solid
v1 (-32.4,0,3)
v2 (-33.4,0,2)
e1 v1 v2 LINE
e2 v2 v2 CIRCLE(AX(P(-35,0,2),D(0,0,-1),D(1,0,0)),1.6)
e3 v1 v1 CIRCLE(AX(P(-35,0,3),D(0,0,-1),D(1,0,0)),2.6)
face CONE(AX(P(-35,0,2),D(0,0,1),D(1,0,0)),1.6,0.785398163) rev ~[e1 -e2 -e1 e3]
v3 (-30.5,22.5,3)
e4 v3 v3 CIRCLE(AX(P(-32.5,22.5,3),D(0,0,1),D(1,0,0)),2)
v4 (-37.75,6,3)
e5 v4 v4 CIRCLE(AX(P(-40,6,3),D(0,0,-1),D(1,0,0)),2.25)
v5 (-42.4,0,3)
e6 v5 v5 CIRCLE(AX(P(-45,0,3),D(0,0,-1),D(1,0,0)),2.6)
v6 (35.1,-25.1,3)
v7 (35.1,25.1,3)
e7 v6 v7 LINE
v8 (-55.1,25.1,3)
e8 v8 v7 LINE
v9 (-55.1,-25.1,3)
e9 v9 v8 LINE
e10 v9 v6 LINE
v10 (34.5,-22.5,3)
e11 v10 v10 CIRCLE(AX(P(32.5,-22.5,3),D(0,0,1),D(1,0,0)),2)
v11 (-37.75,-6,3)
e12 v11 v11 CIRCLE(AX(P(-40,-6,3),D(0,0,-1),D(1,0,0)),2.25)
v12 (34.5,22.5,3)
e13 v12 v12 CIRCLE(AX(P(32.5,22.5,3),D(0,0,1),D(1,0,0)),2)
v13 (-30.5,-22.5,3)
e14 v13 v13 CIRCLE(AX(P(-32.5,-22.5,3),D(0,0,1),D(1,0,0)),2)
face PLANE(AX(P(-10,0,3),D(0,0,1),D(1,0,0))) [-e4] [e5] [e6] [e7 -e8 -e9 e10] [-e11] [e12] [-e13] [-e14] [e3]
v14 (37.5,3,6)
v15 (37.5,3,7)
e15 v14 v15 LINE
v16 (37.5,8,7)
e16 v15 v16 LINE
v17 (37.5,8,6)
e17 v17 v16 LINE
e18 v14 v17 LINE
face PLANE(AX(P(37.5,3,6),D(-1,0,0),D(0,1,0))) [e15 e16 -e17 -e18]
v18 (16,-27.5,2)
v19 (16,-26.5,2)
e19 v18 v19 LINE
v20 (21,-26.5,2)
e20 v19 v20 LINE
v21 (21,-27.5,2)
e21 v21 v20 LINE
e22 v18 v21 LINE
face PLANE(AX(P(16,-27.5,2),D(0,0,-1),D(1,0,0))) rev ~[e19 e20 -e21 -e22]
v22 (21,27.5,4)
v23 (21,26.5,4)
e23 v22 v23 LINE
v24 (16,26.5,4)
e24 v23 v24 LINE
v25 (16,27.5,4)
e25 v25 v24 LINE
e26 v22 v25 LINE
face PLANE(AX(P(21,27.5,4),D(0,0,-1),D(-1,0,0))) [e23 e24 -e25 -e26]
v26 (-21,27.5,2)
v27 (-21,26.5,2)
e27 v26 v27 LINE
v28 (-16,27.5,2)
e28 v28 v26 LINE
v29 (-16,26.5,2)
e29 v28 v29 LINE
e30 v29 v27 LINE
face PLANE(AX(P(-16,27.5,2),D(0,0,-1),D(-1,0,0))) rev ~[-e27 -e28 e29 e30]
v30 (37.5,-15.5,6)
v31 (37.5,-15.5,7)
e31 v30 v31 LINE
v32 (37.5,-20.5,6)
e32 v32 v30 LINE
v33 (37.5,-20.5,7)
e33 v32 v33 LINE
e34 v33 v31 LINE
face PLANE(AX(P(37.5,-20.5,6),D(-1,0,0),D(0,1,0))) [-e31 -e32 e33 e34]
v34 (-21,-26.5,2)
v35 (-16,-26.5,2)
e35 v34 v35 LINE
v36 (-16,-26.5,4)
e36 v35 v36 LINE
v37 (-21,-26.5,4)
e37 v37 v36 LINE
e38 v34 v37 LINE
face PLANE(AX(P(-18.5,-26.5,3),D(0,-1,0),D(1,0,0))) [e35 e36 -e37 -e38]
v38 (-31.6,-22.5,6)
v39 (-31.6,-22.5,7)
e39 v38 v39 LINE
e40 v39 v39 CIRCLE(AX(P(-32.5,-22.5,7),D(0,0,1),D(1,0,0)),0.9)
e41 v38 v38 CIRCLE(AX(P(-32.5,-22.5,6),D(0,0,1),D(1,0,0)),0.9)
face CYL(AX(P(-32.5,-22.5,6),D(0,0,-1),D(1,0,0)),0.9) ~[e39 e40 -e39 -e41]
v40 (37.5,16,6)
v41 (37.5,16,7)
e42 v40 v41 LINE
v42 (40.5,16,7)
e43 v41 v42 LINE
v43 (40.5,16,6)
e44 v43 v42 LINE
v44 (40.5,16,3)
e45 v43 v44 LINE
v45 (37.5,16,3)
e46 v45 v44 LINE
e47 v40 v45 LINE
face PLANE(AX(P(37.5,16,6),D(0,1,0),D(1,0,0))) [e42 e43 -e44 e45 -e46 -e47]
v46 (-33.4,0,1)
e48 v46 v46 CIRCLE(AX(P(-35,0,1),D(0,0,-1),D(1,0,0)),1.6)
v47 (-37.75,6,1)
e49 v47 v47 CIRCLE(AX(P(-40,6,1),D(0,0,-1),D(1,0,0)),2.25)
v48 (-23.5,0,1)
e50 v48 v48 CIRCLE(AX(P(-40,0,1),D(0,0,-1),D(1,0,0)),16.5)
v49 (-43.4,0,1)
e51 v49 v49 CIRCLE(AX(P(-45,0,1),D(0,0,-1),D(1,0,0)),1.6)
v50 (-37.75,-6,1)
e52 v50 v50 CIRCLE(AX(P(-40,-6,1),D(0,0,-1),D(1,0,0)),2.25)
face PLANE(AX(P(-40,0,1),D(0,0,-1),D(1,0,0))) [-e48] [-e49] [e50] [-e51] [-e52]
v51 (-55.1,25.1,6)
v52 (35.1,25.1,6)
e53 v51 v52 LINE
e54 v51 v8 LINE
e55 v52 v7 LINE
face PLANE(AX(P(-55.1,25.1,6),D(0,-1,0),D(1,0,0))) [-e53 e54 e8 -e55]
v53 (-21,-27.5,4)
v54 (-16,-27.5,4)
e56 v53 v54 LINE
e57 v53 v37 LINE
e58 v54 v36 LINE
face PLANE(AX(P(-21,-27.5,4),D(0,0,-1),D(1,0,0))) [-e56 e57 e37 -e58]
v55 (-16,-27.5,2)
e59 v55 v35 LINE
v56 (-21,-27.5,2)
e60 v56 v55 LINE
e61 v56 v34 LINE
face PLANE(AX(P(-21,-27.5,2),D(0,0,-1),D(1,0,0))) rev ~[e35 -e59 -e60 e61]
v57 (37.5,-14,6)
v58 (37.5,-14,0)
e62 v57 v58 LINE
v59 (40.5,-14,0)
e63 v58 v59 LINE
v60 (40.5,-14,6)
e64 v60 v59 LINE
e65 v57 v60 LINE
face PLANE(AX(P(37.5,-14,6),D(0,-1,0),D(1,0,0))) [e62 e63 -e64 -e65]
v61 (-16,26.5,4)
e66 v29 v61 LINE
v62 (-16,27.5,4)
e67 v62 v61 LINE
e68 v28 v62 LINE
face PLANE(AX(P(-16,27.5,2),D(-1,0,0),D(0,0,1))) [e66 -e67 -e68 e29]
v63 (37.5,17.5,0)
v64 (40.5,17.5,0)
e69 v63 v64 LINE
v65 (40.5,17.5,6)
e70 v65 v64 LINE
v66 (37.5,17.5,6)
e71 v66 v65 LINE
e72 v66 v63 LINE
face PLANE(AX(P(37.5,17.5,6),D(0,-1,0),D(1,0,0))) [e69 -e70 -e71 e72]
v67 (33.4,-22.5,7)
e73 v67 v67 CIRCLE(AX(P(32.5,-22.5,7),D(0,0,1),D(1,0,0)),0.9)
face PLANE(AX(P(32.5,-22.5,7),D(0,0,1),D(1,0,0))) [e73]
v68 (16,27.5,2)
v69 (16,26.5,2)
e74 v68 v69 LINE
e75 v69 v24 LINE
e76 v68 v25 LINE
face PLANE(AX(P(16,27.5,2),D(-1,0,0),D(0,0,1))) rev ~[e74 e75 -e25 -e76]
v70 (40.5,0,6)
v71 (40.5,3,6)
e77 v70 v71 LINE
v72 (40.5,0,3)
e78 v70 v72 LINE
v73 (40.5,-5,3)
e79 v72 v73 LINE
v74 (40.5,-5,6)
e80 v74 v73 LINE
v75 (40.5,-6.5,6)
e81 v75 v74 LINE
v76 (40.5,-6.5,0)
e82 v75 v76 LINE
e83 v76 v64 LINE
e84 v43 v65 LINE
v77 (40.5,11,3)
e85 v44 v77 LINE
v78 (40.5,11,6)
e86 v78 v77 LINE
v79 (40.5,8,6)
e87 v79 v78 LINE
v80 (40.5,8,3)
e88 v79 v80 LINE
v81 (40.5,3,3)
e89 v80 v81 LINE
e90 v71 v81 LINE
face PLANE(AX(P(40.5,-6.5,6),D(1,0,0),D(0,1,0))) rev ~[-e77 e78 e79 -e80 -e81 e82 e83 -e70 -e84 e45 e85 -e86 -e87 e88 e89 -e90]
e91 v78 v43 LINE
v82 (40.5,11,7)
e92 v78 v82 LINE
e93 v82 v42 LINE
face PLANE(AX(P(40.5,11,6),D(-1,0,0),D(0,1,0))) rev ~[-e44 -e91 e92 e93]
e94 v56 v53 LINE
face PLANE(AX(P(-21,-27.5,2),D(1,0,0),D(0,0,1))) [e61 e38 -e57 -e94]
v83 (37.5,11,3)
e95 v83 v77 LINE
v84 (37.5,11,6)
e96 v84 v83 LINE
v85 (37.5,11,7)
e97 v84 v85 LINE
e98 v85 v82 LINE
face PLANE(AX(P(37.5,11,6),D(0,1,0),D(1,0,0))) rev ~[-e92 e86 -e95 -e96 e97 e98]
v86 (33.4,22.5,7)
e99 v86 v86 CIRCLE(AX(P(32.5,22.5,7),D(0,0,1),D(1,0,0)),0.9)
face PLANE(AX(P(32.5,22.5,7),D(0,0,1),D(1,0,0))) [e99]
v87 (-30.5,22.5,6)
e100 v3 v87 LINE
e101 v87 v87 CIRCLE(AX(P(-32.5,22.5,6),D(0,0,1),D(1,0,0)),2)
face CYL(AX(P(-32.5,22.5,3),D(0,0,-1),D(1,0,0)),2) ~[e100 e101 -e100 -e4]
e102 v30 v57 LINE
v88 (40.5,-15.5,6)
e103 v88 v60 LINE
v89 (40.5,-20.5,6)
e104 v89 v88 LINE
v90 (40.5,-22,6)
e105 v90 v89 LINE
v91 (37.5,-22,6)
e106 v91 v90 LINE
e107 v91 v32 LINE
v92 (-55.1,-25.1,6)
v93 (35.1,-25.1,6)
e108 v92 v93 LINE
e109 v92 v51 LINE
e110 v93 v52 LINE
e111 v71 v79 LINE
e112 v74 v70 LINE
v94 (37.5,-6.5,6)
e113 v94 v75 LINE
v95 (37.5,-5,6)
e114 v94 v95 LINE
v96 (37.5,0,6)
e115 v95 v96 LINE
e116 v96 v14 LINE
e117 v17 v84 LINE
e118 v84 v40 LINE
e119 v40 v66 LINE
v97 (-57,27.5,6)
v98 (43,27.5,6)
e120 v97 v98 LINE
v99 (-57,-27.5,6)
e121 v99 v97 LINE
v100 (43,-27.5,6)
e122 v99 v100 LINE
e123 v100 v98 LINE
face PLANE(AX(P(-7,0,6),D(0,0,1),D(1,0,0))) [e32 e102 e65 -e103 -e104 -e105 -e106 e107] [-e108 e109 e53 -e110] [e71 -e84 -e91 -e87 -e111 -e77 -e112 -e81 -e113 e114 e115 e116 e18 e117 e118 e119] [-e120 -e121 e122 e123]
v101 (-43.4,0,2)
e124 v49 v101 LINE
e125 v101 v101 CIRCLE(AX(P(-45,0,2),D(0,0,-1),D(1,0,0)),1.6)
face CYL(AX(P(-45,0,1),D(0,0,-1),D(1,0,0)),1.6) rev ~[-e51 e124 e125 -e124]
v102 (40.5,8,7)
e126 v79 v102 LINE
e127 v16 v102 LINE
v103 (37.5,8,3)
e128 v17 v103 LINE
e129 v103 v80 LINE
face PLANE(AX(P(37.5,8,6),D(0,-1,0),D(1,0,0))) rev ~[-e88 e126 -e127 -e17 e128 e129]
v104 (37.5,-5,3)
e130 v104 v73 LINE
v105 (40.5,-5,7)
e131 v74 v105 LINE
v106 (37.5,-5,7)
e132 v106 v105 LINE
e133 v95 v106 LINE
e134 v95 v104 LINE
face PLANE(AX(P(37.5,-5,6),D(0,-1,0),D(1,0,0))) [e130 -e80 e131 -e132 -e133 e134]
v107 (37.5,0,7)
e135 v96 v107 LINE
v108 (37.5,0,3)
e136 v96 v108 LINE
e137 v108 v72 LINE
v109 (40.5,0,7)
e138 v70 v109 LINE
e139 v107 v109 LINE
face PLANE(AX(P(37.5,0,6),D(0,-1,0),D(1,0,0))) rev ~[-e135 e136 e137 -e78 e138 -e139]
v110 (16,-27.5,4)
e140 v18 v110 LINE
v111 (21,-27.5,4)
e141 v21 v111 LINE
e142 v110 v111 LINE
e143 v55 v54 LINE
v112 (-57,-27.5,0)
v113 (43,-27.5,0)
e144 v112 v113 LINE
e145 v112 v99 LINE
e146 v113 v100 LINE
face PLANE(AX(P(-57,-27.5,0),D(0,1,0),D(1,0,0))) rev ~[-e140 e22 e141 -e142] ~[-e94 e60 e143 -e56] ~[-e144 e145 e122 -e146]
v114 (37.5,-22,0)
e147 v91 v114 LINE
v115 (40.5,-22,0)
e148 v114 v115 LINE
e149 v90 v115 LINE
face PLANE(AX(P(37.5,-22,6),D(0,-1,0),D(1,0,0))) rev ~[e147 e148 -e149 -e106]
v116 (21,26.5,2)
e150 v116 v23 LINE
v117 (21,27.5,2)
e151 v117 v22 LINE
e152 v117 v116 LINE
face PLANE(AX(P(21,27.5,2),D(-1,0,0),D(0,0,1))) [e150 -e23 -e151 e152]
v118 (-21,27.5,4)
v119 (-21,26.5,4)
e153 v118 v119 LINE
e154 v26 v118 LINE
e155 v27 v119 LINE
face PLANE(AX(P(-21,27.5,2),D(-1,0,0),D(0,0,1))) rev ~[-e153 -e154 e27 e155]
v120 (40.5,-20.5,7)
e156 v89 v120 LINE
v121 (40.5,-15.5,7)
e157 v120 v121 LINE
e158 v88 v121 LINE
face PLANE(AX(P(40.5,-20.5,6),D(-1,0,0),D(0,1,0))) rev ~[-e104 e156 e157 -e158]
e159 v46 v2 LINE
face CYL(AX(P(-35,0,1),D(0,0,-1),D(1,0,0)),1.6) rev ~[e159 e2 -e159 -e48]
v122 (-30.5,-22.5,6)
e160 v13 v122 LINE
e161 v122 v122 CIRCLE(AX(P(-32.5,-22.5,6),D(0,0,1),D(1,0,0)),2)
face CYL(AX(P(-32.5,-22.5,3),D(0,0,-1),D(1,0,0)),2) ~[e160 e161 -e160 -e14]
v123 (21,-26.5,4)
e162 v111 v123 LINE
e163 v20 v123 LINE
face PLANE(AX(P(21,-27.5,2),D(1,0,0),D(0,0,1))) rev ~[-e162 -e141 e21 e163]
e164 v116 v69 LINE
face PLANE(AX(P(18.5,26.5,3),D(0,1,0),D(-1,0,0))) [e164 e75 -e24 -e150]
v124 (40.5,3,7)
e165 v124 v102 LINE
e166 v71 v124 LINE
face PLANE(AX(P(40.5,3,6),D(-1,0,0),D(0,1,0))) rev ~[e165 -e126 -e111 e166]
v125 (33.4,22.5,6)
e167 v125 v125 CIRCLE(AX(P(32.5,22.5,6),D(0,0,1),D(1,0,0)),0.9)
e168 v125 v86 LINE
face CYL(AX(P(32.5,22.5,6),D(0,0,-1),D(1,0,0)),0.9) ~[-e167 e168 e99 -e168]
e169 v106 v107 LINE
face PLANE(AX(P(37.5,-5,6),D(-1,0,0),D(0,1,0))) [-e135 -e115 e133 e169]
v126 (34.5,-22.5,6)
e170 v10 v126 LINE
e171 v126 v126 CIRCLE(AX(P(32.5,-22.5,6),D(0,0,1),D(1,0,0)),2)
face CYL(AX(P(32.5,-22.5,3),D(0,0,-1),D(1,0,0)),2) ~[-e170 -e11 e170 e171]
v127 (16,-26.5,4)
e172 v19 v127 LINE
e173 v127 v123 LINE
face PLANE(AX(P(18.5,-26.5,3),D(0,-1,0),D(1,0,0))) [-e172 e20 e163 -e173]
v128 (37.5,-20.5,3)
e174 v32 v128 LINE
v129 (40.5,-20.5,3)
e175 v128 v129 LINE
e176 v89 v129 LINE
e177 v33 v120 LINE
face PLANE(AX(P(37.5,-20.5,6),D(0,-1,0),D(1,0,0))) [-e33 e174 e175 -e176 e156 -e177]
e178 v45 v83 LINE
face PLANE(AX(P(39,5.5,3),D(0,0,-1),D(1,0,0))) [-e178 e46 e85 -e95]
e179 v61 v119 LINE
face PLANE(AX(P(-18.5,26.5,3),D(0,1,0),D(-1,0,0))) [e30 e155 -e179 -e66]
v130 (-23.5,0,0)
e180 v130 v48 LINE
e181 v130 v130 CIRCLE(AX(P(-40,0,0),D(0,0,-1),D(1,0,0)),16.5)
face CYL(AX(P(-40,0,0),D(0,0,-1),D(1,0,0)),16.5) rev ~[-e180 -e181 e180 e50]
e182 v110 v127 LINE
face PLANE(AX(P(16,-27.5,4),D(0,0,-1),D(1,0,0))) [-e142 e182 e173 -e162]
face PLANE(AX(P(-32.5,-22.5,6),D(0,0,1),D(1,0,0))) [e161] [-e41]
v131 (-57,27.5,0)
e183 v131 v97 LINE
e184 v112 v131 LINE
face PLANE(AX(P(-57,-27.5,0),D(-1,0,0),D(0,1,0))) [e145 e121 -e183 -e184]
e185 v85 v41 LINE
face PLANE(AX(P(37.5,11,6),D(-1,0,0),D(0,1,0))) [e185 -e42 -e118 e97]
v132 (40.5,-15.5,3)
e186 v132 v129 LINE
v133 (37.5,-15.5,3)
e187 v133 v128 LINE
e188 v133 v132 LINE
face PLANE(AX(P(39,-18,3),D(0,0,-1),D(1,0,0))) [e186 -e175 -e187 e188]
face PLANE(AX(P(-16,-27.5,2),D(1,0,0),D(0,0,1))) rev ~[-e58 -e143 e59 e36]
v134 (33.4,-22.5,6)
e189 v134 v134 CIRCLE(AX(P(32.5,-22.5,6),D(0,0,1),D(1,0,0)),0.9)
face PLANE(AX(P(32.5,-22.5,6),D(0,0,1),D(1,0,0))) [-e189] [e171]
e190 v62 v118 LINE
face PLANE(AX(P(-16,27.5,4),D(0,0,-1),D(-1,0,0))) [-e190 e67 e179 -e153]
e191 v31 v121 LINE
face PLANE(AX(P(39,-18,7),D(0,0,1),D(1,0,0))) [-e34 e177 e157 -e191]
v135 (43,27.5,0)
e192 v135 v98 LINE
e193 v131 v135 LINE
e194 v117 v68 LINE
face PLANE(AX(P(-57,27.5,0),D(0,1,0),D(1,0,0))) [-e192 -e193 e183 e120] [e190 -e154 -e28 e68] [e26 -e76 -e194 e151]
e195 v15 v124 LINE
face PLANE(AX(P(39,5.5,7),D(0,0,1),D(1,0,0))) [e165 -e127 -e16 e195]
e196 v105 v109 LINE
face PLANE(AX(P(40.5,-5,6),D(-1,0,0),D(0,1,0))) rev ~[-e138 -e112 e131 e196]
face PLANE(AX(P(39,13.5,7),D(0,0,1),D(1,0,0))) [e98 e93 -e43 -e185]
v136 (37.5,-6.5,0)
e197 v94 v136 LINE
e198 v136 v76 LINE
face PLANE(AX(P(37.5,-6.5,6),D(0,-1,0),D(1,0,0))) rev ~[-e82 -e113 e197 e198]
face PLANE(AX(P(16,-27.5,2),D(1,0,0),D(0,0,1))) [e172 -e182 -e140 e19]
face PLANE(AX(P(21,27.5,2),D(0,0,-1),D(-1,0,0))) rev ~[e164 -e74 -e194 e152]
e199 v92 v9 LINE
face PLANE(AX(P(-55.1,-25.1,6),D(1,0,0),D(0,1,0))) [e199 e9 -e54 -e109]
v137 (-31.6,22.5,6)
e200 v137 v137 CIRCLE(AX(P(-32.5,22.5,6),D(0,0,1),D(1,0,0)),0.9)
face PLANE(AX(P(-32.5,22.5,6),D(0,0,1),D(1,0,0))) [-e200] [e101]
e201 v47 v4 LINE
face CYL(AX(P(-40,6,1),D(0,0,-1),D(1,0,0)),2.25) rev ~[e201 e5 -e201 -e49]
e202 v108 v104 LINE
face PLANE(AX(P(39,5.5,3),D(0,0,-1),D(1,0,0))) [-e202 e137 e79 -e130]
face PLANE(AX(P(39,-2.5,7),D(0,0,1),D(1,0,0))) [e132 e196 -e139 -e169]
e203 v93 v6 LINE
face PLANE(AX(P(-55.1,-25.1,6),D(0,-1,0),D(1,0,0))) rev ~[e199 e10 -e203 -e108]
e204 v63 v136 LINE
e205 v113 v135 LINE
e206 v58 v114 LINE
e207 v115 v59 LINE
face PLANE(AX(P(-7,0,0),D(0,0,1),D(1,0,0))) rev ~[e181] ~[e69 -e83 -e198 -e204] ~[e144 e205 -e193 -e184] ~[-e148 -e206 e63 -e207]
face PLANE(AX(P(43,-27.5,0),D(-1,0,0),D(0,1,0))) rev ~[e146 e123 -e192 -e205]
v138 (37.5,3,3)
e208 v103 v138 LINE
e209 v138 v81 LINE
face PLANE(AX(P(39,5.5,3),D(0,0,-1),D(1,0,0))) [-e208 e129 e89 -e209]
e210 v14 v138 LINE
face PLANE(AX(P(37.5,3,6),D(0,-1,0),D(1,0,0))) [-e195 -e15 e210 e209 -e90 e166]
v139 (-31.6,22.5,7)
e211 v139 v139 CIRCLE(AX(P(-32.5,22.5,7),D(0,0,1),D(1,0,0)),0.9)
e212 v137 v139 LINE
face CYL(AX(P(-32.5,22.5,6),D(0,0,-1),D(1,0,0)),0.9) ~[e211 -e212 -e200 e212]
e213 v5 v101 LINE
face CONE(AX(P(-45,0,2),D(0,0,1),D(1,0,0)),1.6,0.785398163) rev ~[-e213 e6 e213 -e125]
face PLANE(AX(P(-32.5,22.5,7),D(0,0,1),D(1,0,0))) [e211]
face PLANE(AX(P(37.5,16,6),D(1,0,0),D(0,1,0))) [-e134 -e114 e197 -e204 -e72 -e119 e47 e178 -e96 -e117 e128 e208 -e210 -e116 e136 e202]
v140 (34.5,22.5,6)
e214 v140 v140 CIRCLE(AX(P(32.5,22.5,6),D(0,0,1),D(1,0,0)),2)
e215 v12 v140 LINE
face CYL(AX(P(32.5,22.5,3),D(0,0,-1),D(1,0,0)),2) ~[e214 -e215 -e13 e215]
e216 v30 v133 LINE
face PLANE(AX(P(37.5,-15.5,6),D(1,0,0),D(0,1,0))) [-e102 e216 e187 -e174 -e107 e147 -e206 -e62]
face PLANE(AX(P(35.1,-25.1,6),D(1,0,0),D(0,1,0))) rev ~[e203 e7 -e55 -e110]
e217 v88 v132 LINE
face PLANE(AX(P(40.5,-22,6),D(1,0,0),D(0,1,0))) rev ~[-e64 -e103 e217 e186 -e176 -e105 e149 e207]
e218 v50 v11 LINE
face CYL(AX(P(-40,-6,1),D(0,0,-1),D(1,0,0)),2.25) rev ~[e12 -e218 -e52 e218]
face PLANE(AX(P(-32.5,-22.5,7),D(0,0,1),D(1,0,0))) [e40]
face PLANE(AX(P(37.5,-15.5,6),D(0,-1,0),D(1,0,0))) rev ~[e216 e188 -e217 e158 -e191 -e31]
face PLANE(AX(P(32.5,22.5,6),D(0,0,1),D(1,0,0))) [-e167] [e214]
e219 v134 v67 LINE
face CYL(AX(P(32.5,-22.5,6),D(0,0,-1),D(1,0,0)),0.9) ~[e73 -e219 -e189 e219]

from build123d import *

# Parameters (mm, degrees)
SKETCH_W        = 100
SKETCH_H        = 55
PAD_DEPTH       = 6
SKETCH001_W     = 90.2
SKETCH001_H     = 50.2
POCKET_DEPTH    = 3
SKETCH002_R     = 2
PAD001_DEPTH    = 3
SKETCH003_R     = 0.9
PAD002_DEPTH    = 1
SKETCH004_W     = 3
SKETCH004_H     = 1.5
SKETCH004_H_2   = 3
POCKET001_DEPTH = 6
SKETCH005_W     = 3
SKETCH005_H     = 5
SKETCH005_H_2   = 21
POCKET002_DEPTH = 3
SKETCH006_W     = 5
SKETCH006_H     = 2
POCKET003_DEPTH = 1
SKETCH007_W     = 5
SKETCH007_H     = 2
POCKET004_DEPTH = 1
SKETCH008_R     = 16.5
POCKET005_DEPTH = 1
SKETCH009_R     = 2.25
SKETCH009_R_2   = 1.6
POCKET006_DEPTH = 2
SKETCH010_W     = 3
SKETCH010_H     = 5
PAD003_DEPTH    = 1
CHAMFER_SIZE    = 1


with BuildPart() as part:
    # Sketch → Pad (new body)
    with BuildSketch(Plane.XY):
        with Locations((-7, 0)):
            Rectangle(SKETCH_W, SKETCH_H)
    extrude(amount=PAD_DEPTH)

    # Sketch001 (on Face6 of Pad) → Pocket (cut)
    with BuildSketch(Plane.XY.offset(6)):
        with Locations((-10, 0)):
            Rectangle(SKETCH001_W, SKETCH001_H)
    extrude(amount=-POCKET_DEPTH, mode=Mode.SUBTRACT)

    # Sketch002 (on Face11 of Pocket) → Pad001 (join)
    with BuildSketch(Plane.XY.offset(3)):
        with Locations((-32.5, 22.5)):
            Circle(SKETCH002_R)
        with Locations((32.5, 22.5)):
            Circle(SKETCH002_R)
        with Locations((-32.5, -22.5)):
            Circle(SKETCH002_R)
        with Locations((32.5, -22.5)):
            Circle(SKETCH002_R)
    extrude(amount=PAD001_DEPTH)

    # Sketch003 (on Face19 of Pad001) → Pad002 (join)
    with BuildSketch(Plane.XY.offset(6)):
        with Locations((-32.5, 22.5)):
            Circle(SKETCH003_R)
        with Locations((32.5, 22.5)):
            Circle(SKETCH003_R)
        with Locations((-32.5, -22.5)):
            Circle(SKETCH003_R)
        with Locations((32.5, -22.5)):
            Circle(SKETCH003_R)
    extrude(amount=PAD002_DEPTH)

    # Sketch004 (on Face5 of Pad002) → Pocket001 (cut)
    with BuildSketch(Plane.XY.offset(6)):
        with Locations((39, 16.75)):
            Rectangle(SKETCH004_W, SKETCH004_H)
        with Locations((39, 9.5)):
            Rectangle(SKETCH004_W, SKETCH004_H_2)
        with Locations((39, 1.5)):
            Rectangle(SKETCH004_W, SKETCH004_H_2)
        with Locations((39, -5.75)):
            Rectangle(SKETCH004_W, SKETCH004_H)
        with Locations((39, -14.75)):
            Rectangle(SKETCH004_W, SKETCH004_H)
        with Locations((39, -21.25)):
            Rectangle(SKETCH004_W, SKETCH004_H)
    extrude(amount=-POCKET001_DEPTH, mode=Mode.SUBTRACT)

    # Sketch005 (on Face4 of Pocket001) → Pocket002 (cut)
    with BuildSketch(Plane(origin=(0, 0, 0), x_dir=(1, 0, 0), z_dir=(0, 0, -1))):
        with Locations((39, 18)):
            Rectangle(SKETCH005_W, SKETCH005_H)
        with Locations((39, -5.5)):
            Rectangle(SKETCH005_W, SKETCH005_H_2)
    extrude(amount=-POCKET002_DEPTH, mode=Mode.SUBTRACT)

    # Sketch006 (on Face6 of Pocket002) → Pocket003 (cut)
    with BuildSketch(Plane.XZ.offset(27.5)):
        with Locations((-18.5, 3)):
            Rectangle(SKETCH006_W, SKETCH006_H)
        with Locations((18.5, 3)):
            Rectangle(SKETCH006_W, SKETCH006_H)
    extrude(amount=-POCKET003_DEPTH, mode=Mode.SUBTRACT)

    # Sketch007 (on Face1 of Pocket003) → Pocket004 (cut)
    with BuildSketch(Plane(origin=(0, 27.5, 0), x_dir=(-1, 0, 0), z_dir=(0, 1, 0))):
        with Locations((-18.5, 3)):
            Rectangle(SKETCH007_W, SKETCH007_H)
        with Locations((18.5, 3)):
            Rectangle(SKETCH007_W, SKETCH007_H)
    extrude(amount=-POCKET004_DEPTH, mode=Mode.SUBTRACT)

    # Sketch008 (on Face3 of Pocket004) → Pocket005 (cut)
    with BuildSketch(Plane(origin=(0, 0, 0), x_dir=(1, 0, 0), z_dir=(0, 0, -1))):
        with Locations((-40, 0)):
            Circle(SKETCH008_R)
    extrude(amount=-POCKET005_DEPTH, mode=Mode.SUBTRACT)

    # Sketch009 (on Face70 of Pocket005) → Pocket006 (cut)
    with BuildSketch(Plane(origin=(0, 0, 1), x_dir=(1, 0, 0), z_dir=(0, 0, -1))):
        with Locations((-40, 6)):
            Circle(SKETCH009_R)
        with Locations((-40, -6)):
            Circle(SKETCH009_R)
        with Locations((-45, 0)):
            Circle(SKETCH009_R_2)
        with Locations((-35, 0)):
            Circle(SKETCH009_R_2)
    extrude(amount=-POCKET006_DEPTH, mode=Mode.SUBTRACT)

    # Sketch010 (on Face4 of Pocket006) → Pad003 (join)
    with BuildSketch(Plane.XY.offset(6)):
        with Locations((39, 13.5)):
            Rectangle(SKETCH010_W, SKETCH010_H)
        with Locations((39, -2.5)):
            Rectangle(SKETCH010_W, SKETCH010_H)
        with Locations((39, 5.5)):
            Rectangle(SKETCH010_W, SKETCH010_H)
        with Locations((39, -18)):
            Rectangle(SKETCH010_W, SKETCH010_H)
    extrude(amount=PAD003_DEPTH)

    # Chamfer
    chamfer_edges = [part.edges().sort_by_distance(p)[0] for p in [
        (-36.6, 0, 3),
        (-46.6, 0, 3),
    ]]
    chamfer(chamfer_edges, length=CHAMFER_SIZE)


solid = part.part
